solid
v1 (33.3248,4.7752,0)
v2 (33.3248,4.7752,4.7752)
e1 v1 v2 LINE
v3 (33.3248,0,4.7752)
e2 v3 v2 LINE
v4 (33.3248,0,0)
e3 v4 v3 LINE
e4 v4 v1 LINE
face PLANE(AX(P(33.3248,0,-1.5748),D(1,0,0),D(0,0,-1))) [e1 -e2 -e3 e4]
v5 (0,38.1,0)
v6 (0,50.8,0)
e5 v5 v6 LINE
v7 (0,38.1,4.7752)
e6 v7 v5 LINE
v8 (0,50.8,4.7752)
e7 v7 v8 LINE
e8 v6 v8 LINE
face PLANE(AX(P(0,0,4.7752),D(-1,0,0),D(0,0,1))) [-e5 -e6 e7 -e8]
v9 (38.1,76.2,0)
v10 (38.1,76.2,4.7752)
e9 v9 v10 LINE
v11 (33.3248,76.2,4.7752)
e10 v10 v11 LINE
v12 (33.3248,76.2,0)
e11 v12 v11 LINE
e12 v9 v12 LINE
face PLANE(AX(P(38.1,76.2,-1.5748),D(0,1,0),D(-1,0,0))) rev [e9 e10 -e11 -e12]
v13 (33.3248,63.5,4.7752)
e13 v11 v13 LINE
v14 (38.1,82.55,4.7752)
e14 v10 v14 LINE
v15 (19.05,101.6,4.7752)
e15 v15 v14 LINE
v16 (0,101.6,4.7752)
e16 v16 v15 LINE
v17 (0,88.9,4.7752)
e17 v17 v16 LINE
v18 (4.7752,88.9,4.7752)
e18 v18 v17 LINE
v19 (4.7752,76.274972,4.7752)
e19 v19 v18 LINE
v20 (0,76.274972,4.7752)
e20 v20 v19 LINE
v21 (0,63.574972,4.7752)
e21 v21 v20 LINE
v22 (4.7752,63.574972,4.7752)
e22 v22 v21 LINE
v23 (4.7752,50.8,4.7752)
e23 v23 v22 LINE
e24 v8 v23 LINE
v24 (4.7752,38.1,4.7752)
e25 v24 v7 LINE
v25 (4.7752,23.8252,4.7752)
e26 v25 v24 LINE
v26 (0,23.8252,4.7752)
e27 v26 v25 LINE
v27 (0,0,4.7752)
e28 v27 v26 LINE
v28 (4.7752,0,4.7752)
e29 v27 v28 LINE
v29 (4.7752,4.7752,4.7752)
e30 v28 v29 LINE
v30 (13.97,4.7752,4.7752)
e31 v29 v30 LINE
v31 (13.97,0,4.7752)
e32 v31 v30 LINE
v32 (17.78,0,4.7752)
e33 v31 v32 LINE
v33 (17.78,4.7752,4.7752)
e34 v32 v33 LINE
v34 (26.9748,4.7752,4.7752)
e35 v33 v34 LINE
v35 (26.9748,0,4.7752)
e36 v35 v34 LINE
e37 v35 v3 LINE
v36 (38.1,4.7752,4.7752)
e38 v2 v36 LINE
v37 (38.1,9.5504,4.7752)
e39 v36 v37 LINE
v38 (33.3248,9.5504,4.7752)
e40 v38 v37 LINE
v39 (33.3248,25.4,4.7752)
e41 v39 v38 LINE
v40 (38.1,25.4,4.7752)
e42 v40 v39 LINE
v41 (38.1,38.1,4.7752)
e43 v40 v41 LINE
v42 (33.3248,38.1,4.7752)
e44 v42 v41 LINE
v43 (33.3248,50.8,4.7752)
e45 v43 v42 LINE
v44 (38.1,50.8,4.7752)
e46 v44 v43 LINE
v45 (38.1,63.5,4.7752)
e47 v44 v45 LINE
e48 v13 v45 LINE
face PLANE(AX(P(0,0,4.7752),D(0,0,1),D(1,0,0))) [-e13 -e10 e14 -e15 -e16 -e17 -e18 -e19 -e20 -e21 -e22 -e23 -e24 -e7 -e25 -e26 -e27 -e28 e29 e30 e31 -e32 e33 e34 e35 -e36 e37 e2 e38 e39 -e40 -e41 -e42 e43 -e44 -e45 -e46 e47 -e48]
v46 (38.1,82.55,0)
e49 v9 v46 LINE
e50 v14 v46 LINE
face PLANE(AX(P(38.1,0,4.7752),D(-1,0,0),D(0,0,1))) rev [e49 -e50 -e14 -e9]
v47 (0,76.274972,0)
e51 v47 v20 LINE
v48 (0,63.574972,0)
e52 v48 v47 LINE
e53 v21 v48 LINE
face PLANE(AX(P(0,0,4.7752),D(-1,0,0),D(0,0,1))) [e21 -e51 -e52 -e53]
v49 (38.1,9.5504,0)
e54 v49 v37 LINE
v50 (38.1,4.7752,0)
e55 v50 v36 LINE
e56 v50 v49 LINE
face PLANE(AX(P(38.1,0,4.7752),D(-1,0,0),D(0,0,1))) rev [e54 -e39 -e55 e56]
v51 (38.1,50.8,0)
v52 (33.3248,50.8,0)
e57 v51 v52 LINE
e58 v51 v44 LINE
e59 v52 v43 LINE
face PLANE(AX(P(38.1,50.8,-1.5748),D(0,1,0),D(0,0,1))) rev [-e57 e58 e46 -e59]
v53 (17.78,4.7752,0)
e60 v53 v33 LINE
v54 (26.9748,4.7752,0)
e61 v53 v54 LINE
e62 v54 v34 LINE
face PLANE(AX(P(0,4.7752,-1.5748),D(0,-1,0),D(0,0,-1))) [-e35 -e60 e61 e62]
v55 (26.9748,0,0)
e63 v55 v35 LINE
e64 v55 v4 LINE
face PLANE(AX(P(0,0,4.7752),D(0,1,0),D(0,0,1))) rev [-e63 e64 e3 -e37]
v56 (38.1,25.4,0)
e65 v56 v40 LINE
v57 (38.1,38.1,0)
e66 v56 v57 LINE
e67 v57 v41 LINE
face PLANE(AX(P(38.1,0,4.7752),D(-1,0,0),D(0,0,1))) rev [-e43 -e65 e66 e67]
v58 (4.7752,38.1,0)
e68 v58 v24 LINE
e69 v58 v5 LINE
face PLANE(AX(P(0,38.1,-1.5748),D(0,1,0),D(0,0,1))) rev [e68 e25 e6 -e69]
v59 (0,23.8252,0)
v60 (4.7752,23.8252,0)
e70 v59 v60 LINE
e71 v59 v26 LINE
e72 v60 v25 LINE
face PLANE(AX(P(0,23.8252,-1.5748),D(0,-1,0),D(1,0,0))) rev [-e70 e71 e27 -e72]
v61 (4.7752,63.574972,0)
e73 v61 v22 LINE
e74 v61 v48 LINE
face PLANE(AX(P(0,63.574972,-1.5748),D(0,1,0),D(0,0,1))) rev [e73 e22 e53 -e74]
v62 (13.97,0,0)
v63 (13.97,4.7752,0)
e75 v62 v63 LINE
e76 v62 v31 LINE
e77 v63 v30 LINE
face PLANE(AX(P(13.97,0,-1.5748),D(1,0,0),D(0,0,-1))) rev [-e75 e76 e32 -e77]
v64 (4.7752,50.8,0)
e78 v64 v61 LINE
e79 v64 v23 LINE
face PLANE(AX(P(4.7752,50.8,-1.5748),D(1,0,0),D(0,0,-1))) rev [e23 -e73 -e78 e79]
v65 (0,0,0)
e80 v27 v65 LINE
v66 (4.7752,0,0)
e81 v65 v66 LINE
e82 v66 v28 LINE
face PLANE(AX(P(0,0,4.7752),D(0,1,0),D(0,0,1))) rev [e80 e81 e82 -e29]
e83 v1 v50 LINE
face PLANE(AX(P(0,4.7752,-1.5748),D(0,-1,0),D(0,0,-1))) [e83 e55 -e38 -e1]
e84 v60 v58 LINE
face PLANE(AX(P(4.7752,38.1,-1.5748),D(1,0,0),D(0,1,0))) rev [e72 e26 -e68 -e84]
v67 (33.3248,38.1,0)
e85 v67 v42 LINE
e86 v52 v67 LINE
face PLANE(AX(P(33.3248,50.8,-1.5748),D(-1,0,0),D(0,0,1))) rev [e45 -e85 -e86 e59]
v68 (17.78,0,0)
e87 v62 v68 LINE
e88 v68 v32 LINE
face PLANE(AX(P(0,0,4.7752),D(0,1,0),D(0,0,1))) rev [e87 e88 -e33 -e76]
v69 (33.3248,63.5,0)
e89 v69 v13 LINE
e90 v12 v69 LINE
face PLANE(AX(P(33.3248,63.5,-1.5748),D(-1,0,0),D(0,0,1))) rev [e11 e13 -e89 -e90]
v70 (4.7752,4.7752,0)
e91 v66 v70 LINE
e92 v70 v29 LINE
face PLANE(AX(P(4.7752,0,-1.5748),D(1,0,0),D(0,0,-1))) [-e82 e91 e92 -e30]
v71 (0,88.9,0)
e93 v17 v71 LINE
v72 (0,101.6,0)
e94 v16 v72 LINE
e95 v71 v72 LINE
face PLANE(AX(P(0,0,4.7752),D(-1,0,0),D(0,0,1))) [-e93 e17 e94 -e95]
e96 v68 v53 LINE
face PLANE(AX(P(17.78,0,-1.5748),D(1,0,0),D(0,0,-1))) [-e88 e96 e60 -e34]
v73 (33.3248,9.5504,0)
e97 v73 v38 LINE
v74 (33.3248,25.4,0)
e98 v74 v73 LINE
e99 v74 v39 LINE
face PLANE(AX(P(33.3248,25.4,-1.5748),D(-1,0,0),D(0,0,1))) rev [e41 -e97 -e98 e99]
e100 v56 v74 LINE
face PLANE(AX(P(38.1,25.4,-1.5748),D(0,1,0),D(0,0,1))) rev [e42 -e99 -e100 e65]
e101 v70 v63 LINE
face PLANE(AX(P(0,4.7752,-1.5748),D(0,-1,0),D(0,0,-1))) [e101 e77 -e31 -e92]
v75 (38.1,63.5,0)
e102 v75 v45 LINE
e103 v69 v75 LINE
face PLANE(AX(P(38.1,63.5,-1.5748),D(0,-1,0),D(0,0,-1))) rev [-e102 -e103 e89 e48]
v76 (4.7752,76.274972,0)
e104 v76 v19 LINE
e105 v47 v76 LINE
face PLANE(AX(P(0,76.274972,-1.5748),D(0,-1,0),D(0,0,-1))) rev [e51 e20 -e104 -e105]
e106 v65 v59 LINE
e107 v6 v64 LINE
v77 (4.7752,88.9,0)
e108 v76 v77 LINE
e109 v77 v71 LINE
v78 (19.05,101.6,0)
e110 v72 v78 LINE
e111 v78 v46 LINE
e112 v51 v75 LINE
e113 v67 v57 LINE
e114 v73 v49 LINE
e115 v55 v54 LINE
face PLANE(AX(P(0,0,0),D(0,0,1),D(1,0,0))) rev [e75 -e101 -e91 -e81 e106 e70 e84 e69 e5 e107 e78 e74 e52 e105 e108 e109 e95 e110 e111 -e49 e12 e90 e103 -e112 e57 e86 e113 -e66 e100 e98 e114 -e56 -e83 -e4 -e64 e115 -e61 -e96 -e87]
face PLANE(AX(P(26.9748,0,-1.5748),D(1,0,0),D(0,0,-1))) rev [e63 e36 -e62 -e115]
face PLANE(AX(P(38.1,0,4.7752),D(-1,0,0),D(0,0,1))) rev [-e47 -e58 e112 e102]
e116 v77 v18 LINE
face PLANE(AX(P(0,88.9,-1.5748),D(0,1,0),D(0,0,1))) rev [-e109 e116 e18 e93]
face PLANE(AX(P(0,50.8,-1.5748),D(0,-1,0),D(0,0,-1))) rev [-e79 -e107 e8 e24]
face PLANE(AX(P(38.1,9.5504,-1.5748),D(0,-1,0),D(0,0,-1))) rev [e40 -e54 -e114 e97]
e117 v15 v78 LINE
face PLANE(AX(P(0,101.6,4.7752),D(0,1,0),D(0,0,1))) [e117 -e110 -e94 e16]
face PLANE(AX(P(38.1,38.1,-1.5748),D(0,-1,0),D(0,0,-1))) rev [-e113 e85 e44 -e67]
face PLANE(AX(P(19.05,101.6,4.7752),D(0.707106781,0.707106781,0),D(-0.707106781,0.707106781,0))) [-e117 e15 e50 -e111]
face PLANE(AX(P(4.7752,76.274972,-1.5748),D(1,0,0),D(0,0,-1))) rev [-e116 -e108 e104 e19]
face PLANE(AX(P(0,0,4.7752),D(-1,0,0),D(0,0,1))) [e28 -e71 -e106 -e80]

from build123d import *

# Parameters (mm, degrees)
BOSS_EXTRUDE1_DEPTH = 4.7752
SKETCH3_W           = 9.1948
SKETCH3_H           = 4.7752
SKETCH3_W_2         = 4.7752
CUT_EXTRUDE4_DEPTH  = 6.35
SKETCH4_W           = 4.7752
SKETCH4_H           = 12.774972335
SKETCH4_H_2         = 12.7
SKETCH4_H_3         = 14.2748
SKETCH4_H_4         = 15.8496
SKETCH4_H_5         = 12.625027665
CUT_EXTRUDE5_DEPTH  = 6.35


with BuildPart() as part:
    # Sketch2 → Boss-Extrude1 (new body)
    with BuildSketch(Plane.XY):
        Polygon((0, 0), (0, 101.6), (19.05, 101.6), (38.1, 82.55), (38.1, 0), align=None)
    extrude(amount=BOSS_EXTRUDE1_DEPTH)

    # Sketch3 → Cut-Extrude4 (cut)
    with BuildSketch(Plane.XY.offset(4.7752)):
        with Locations((9.3726, 2.3876)):
            Rectangle(SKETCH3_W, SKETCH3_H)
        with Locations((22.3774, 2.3876)):
            Rectangle(SKETCH3_W, SKETCH3_H)
        with Locations((35.7124, 2.3876)):
            Rectangle(SKETCH3_W_2, SKETCH3_H)
    extrude(amount=-CUT_EXTRUDE4_DEPTH, mode=Mode.SUBTRACT)

    # Sketch4 → Cut-Extrude5 (cut)
    with BuildSketch(Plane.XY.offset(4.7752)):
        with Locations((2.3876, 57.187486168)):
            Rectangle(SKETCH4_W, SKETCH4_H)
        with Locations((35.7124, 44.45)):
            Rectangle(SKETCH4_W, SKETCH4_H_2)
        with Locations((2.3876, 30.9626)):
            Rectangle(SKETCH4_W, SKETCH4_H_3)
        with Locations((35.7124, 17.4752)):
            Rectangle(SKETCH4_W, SKETCH4_H_4)
        with Locations((35.7124, 69.85)):
            Rectangle(SKETCH4_W, SKETCH4_H_2)
        with Locations((2.3876, 82.587486168)):
            Rectangle(SKETCH4_W, SKETCH4_H_5)
    extrude(amount=-CUT_EXTRUDE5_DEPTH, mode=Mode.SUBTRACT)


solid = part.part
